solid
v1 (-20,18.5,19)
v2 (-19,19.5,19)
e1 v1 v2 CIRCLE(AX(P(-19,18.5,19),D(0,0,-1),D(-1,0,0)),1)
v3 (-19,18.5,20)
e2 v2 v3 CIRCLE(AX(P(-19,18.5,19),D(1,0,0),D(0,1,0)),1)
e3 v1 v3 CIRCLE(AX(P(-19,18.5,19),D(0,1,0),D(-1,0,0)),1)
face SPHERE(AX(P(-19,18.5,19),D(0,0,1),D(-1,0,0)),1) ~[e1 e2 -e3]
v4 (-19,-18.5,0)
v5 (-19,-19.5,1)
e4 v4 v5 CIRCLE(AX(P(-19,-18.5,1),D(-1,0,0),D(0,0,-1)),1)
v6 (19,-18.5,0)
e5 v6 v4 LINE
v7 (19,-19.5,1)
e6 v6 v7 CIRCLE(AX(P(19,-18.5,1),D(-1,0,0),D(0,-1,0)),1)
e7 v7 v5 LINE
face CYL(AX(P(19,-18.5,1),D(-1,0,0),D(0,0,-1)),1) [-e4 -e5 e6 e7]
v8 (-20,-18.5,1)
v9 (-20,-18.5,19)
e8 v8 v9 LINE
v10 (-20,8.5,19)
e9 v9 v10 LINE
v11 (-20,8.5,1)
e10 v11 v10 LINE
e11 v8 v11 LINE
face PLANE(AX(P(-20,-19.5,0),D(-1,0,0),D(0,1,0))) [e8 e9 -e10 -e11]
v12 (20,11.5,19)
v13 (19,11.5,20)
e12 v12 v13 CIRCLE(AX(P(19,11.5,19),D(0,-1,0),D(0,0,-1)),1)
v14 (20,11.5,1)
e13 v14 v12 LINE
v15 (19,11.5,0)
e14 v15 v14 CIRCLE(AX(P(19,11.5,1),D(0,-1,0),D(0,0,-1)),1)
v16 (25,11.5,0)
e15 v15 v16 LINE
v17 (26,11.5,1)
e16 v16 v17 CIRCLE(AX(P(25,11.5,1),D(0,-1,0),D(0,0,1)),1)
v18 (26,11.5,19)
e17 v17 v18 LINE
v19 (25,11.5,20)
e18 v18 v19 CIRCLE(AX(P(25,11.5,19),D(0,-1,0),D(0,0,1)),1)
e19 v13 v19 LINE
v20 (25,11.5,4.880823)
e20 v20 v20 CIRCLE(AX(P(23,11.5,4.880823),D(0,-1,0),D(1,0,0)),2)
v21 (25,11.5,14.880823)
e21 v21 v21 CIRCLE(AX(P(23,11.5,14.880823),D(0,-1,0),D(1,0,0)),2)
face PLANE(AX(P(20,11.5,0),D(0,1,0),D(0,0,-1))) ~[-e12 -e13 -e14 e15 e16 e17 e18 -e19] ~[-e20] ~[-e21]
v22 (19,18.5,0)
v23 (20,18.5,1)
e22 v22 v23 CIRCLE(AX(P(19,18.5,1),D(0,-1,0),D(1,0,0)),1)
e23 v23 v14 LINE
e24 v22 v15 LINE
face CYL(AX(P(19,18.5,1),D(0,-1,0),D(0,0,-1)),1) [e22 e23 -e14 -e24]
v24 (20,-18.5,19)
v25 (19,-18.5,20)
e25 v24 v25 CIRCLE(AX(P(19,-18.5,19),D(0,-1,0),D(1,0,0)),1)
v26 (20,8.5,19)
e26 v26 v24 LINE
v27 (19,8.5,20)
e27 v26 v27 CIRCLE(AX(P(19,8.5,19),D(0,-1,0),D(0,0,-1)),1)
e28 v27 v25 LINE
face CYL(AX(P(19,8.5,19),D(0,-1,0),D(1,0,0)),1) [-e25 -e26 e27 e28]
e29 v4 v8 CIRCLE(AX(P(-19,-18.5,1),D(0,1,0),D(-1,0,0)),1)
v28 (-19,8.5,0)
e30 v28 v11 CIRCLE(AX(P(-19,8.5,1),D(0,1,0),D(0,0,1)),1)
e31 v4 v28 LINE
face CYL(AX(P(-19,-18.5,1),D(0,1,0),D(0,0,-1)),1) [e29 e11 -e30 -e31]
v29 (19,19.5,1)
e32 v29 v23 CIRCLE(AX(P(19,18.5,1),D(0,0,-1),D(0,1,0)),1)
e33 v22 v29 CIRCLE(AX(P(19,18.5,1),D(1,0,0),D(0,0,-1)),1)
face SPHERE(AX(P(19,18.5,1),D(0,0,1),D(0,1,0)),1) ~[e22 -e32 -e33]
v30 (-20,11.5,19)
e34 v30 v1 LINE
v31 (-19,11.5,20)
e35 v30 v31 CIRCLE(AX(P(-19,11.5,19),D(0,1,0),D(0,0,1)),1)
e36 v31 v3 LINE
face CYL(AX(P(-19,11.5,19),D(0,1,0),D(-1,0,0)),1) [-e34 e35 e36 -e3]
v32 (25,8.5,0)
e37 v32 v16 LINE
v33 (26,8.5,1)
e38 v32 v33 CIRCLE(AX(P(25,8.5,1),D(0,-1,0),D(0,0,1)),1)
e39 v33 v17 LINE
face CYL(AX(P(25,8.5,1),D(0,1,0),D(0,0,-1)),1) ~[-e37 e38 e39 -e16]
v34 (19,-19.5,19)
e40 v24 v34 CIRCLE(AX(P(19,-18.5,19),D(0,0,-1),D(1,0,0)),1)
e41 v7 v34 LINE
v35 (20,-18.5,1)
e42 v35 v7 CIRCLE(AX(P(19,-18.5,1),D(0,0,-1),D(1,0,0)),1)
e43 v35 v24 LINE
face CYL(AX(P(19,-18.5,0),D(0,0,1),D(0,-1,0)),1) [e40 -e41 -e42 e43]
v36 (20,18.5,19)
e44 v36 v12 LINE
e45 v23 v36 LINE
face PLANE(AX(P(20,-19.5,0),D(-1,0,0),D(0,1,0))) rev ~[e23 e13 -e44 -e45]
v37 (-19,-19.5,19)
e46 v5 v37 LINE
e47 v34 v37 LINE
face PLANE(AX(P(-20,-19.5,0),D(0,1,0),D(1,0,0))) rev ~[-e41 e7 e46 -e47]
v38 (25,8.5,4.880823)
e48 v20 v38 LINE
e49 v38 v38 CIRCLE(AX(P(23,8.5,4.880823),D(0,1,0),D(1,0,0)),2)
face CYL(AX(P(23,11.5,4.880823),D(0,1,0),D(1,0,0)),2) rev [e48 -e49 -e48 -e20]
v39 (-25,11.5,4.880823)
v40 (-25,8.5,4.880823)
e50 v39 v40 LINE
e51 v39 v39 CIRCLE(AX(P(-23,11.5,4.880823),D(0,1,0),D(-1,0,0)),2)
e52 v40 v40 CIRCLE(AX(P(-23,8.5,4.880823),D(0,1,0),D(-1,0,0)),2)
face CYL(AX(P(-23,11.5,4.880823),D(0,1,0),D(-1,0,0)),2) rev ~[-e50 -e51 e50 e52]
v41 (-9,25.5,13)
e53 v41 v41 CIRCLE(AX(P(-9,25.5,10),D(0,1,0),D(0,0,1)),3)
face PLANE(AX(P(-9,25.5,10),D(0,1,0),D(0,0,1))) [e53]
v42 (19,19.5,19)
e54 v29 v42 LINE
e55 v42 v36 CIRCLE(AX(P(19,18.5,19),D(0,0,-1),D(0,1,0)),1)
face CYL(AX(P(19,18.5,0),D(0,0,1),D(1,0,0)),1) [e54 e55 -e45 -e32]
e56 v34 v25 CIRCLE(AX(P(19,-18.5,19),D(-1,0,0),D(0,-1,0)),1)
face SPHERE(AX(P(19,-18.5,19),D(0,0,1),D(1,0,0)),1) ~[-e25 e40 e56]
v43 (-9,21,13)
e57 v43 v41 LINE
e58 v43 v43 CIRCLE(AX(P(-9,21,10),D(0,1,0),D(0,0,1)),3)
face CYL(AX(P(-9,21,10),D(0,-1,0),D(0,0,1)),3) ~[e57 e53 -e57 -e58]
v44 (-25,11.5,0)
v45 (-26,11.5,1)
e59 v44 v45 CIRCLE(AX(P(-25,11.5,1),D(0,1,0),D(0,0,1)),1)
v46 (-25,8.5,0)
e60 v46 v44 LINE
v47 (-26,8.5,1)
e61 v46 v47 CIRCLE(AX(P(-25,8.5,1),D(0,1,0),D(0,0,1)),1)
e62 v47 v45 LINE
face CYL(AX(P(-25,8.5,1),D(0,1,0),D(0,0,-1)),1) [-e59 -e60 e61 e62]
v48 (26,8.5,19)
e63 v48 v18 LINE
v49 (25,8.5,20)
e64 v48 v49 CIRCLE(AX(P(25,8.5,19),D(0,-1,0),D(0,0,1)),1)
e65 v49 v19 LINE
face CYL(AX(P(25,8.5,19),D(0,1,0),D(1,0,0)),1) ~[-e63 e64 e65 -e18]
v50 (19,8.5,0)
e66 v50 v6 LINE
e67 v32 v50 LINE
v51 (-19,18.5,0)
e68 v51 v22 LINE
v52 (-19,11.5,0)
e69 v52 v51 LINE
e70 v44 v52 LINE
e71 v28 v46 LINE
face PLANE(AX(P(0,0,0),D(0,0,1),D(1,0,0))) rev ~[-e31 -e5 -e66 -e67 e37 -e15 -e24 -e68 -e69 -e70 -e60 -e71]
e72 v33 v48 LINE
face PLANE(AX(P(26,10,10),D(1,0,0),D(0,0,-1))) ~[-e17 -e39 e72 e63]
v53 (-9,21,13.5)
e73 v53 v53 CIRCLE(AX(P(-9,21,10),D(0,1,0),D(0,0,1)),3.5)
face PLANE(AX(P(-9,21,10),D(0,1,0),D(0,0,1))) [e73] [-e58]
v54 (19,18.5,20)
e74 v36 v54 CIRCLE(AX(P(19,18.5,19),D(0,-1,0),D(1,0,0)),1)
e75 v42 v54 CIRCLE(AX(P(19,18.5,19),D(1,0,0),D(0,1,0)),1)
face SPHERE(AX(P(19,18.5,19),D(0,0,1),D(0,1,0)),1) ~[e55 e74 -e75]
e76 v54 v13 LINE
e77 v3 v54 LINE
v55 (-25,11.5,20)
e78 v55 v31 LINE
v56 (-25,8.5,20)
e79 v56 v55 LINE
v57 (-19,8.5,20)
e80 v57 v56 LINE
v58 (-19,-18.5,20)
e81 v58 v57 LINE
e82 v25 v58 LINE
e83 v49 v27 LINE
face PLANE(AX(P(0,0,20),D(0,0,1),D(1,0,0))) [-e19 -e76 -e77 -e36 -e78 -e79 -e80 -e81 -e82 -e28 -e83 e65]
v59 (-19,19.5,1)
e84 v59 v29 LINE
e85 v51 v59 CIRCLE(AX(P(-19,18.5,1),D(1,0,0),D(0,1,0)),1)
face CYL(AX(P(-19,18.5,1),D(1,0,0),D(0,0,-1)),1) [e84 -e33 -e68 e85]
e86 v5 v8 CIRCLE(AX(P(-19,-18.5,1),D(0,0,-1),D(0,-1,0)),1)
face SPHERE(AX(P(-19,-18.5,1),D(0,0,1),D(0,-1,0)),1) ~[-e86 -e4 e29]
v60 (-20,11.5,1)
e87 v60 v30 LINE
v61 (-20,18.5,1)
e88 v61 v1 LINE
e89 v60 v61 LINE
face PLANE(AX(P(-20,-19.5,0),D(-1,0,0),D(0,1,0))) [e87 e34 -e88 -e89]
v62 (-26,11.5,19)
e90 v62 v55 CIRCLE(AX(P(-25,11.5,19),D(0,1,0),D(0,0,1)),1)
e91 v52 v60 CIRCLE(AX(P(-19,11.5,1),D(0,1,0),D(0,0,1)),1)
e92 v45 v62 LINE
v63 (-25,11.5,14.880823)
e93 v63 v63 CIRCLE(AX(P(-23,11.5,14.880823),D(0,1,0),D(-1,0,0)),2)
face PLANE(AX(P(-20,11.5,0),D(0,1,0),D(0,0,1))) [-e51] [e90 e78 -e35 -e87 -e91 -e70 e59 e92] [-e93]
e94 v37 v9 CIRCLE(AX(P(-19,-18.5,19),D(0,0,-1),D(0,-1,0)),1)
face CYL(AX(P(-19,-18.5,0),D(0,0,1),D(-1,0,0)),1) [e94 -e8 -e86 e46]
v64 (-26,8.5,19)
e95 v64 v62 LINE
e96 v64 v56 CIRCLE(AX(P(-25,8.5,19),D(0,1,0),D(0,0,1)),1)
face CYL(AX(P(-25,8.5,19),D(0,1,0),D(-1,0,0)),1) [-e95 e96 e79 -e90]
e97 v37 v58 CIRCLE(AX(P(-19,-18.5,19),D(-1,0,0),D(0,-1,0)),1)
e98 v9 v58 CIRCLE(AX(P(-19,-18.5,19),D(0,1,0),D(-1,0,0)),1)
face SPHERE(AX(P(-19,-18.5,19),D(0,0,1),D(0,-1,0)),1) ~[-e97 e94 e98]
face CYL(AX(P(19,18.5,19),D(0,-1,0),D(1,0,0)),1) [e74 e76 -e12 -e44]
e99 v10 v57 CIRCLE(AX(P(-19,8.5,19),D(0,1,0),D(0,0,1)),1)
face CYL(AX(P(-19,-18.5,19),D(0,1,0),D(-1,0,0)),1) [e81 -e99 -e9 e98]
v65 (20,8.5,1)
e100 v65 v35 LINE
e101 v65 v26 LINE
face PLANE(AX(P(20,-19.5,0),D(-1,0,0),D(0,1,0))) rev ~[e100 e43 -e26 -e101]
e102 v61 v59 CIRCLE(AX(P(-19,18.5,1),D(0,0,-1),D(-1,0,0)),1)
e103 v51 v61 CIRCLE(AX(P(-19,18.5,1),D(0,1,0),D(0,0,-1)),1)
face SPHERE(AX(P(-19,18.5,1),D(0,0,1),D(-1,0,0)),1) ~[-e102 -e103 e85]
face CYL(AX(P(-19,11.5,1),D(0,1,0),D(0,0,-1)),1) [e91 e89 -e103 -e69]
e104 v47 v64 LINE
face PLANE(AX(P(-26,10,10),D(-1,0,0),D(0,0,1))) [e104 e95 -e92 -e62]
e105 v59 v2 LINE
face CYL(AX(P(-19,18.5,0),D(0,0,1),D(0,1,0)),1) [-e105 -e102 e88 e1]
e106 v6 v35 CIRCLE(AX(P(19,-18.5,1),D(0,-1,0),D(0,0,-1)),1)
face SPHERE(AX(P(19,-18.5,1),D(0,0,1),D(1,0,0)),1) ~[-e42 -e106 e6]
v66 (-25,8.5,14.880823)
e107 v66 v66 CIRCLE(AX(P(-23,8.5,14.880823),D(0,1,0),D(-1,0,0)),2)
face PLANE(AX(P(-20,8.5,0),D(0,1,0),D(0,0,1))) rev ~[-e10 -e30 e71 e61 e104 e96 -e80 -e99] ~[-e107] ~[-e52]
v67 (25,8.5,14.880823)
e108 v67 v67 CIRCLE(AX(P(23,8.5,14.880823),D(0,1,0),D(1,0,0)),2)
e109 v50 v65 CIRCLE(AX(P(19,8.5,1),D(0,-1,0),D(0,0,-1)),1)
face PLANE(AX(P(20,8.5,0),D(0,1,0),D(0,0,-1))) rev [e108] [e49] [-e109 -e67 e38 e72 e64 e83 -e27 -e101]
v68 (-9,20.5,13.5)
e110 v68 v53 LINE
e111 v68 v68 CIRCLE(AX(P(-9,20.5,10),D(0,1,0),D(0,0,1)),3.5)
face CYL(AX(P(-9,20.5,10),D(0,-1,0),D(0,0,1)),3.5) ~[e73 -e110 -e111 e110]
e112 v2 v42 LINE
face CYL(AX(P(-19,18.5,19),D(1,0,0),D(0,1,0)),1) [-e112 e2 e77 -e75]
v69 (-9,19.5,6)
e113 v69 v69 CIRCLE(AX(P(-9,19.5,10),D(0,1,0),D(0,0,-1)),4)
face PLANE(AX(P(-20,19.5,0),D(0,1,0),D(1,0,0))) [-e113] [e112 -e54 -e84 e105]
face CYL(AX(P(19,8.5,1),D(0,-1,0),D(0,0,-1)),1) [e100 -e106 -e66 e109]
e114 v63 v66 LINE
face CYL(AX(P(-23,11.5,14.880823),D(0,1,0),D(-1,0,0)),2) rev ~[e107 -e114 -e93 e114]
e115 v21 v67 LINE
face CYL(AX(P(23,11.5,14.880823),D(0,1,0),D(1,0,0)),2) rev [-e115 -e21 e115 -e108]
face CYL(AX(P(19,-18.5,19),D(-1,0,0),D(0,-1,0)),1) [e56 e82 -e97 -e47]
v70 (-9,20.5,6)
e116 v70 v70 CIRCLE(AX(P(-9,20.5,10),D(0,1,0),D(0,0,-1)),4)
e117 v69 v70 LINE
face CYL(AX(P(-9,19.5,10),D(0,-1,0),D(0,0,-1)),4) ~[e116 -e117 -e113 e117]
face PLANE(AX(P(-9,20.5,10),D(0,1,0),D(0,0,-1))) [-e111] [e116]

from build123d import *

# Parameters (mm, degrees)
SKETCH_2_W          = 40
SKETCH_2_H          = 39
EXTRUDE_1_DEPTH     = 20
SKETCH_3_R          = 4
EXTRUDE_2_DEPTH     = 1
SKETCH_4_R          = 3.5
EXTRUDE_3_DEPTH     = 0.5
SKETCH_6_R          = 3
EXTRUDE_4_DEPTH     = 4.5
SKETCH_7_W          = 20
SKETCH_7_H          = 3
EXTRUDE_5_DEPTH     = 6
SKETCH_8_R          = 2
CUT_EXTRUDE_1_DEPTH = 6
FILLET_6_R          = 1
FILLET_7_R          = 1
FILLET_8_R          = 1
FILLET_9_R          = 1
FILLET_10_R         = 1
FILLET_11_R         = 1
FILLET_12_R         = 1


with BuildPart() as part:
    # 草图2 → 凸台-拉伸1 (new body)
    with BuildSketch(Plane.XY):
        Rectangle(SKETCH_2_W, SKETCH_2_H)
    extrude(amount=EXTRUDE_1_DEPTH)

    # 草图3 → 凸台-拉伸2 (add)
    with BuildSketch(Plane(origin=(0, 19.5, 0), x_dir=(1, 0, 0), z_dir=(0, 1, 0))):
        with Locations(Location((-9, -10, 0), (0, 0, 90))):
            Circle(SKETCH_3_R)
    extrude(amount=EXTRUDE_2_DEPTH)

    # 草图4 → 凸台-拉伸3 (add)
    with BuildSketch(Plane(origin=(0, 20.5, 0), x_dir=(1, 0, 0), z_dir=(0, 1, 0))):
        with Locations(Location((-9, -10, 0), (0, 0, 270))):
            Circle(SKETCH_4_R)
    extrude(amount=EXTRUDE_3_DEPTH)

    # 草图6 → 凸台-拉伸4 (add)
    with BuildSketch(Plane(origin=(0, 21, 0), x_dir=(1, 0, 0), z_dir=(0, 1, 0))):
        with Locations(Location((-9, -10, 0), (0, 0, 270))):
            Circle(SKETCH_6_R)
    extrude(amount=EXTRUDE_4_DEPTH)

    # 草图7 → 凸台-拉伸5 (add)
    with BuildSketch(Plane.ZY.offset(20)):
        with Locations((10, 10)):
            Rectangle(SKETCH_7_W, SKETCH_7_H)
    extrude_5 = extrude(amount=EXTRUDE_5_DEPTH)

    # 草图8 → 切除-拉伸1 (cut)
    with BuildSketch(Plane(origin=(0, 11.5, 0), x_dir=(1, 0, 0), z_dir=(0, 1, 0))):
        with Locations(Location((-23, -4.880823414, 0), (0, 0, 180))):
            Circle(SKETCH_8_R)
        with Locations(Location((-23, -14.880823414, 0), (0, 0, 180))):
            Circle(SKETCH_8_R)
    cut_extrude_1 = extrude(amount=-CUT_EXTRUDE_1_DEPTH, mode=Mode.SUBTRACT)

    # 镜向3: 凸台-拉伸5, 切除-拉伸1 across plane
    add(extrude_5.mirror(Plane(origin=(0, 0, 0), x_dir=(0, 0, 1), z_dir=(1, 0, 0))))
    add(cut_extrude_1.mirror(Plane(origin=(0, 0, 0), x_dir=(0, 0, 1), z_dir=(1, 0, 0))), mode=Mode.SUBTRACT)

    # 圆角6
    fillet_6_edges = [part.edges().sort_by_distance(p)[0] for p in [
        (-20, -19.5, 10),
    ]]
    fillet(fillet_6_edges, radius=FILLET_6_R)

    # 圆角7
    fillet_7_edges = [part.edges().sort_by_distance(p)[0] for p in [
        (20, -19.5, 10),
    ]]
    fillet(fillet_7_edges, radius=FILLET_7_R)

    # 圆角8
    fillet_8_edges = [part.edges().sort_by_distance(p)[0] for p in [
        (20, 19.5, 10),
    ]]
    fillet(fillet_8_edges, radius=FILLET_8_R)

    # 圆角9
    fillet_9_edges = [part.edges().sort_by_distance(p)[0] for p in [
        (-20, 19.5, 10),
    ]]
    fillet(fillet_9_edges, radius=FILLET_9_R)

    # 圆角10
    fillet_10_edges = [part.edges().sort_by_distance(p)[0] for p in [
        (-26, 10, 20),
        (-26, 10, 0),
    ]]
    fillet(fillet_10_edges, radius=FILLET_10_R)

    # 圆角11
    fillet_11_edges = [part.edges().sort_by_distance(p)[0] for p in [
        (26, 10, 0),
        (26, 10, 20),
    ]]
    fillet(fillet_11_edges, radius=FILLET_11_R)

    # 圆角12
    fillet_12_edges = [part.edges().sort_by_distance(p)[0] for p in [
        (-20, 15, 20),
        (-20, 15, 0),
        (-19.707106781, 19.207106781, 0),
        (-19.707106781, 19.207106781, 20),
        (-20, -5, 0),
        (-20, -5, 20),
        (20, 15, 0),
        (20, 15, 20),
        (0, -19.5, 0),
        (0, -19.5, 20),
        (-19.707106781, -19.207106781, 0),
        (-19.707106781, -19.207106781, 20),
        (20, -5, 20),
        (20, -5, 0),
        (19.707106781, -19.207106781, 0),
        (19.707106781, -19.207106781, 20),
        (0, 19.5, 0),
        (0, 19.5, 20),
        (19.707106781, 19.207106781, 0),
        (19.707106781, 19.207106781, 20),
    ]]
    fillet(fillet_12_edges, radius=FILLET_12_R)


solid = part.part
